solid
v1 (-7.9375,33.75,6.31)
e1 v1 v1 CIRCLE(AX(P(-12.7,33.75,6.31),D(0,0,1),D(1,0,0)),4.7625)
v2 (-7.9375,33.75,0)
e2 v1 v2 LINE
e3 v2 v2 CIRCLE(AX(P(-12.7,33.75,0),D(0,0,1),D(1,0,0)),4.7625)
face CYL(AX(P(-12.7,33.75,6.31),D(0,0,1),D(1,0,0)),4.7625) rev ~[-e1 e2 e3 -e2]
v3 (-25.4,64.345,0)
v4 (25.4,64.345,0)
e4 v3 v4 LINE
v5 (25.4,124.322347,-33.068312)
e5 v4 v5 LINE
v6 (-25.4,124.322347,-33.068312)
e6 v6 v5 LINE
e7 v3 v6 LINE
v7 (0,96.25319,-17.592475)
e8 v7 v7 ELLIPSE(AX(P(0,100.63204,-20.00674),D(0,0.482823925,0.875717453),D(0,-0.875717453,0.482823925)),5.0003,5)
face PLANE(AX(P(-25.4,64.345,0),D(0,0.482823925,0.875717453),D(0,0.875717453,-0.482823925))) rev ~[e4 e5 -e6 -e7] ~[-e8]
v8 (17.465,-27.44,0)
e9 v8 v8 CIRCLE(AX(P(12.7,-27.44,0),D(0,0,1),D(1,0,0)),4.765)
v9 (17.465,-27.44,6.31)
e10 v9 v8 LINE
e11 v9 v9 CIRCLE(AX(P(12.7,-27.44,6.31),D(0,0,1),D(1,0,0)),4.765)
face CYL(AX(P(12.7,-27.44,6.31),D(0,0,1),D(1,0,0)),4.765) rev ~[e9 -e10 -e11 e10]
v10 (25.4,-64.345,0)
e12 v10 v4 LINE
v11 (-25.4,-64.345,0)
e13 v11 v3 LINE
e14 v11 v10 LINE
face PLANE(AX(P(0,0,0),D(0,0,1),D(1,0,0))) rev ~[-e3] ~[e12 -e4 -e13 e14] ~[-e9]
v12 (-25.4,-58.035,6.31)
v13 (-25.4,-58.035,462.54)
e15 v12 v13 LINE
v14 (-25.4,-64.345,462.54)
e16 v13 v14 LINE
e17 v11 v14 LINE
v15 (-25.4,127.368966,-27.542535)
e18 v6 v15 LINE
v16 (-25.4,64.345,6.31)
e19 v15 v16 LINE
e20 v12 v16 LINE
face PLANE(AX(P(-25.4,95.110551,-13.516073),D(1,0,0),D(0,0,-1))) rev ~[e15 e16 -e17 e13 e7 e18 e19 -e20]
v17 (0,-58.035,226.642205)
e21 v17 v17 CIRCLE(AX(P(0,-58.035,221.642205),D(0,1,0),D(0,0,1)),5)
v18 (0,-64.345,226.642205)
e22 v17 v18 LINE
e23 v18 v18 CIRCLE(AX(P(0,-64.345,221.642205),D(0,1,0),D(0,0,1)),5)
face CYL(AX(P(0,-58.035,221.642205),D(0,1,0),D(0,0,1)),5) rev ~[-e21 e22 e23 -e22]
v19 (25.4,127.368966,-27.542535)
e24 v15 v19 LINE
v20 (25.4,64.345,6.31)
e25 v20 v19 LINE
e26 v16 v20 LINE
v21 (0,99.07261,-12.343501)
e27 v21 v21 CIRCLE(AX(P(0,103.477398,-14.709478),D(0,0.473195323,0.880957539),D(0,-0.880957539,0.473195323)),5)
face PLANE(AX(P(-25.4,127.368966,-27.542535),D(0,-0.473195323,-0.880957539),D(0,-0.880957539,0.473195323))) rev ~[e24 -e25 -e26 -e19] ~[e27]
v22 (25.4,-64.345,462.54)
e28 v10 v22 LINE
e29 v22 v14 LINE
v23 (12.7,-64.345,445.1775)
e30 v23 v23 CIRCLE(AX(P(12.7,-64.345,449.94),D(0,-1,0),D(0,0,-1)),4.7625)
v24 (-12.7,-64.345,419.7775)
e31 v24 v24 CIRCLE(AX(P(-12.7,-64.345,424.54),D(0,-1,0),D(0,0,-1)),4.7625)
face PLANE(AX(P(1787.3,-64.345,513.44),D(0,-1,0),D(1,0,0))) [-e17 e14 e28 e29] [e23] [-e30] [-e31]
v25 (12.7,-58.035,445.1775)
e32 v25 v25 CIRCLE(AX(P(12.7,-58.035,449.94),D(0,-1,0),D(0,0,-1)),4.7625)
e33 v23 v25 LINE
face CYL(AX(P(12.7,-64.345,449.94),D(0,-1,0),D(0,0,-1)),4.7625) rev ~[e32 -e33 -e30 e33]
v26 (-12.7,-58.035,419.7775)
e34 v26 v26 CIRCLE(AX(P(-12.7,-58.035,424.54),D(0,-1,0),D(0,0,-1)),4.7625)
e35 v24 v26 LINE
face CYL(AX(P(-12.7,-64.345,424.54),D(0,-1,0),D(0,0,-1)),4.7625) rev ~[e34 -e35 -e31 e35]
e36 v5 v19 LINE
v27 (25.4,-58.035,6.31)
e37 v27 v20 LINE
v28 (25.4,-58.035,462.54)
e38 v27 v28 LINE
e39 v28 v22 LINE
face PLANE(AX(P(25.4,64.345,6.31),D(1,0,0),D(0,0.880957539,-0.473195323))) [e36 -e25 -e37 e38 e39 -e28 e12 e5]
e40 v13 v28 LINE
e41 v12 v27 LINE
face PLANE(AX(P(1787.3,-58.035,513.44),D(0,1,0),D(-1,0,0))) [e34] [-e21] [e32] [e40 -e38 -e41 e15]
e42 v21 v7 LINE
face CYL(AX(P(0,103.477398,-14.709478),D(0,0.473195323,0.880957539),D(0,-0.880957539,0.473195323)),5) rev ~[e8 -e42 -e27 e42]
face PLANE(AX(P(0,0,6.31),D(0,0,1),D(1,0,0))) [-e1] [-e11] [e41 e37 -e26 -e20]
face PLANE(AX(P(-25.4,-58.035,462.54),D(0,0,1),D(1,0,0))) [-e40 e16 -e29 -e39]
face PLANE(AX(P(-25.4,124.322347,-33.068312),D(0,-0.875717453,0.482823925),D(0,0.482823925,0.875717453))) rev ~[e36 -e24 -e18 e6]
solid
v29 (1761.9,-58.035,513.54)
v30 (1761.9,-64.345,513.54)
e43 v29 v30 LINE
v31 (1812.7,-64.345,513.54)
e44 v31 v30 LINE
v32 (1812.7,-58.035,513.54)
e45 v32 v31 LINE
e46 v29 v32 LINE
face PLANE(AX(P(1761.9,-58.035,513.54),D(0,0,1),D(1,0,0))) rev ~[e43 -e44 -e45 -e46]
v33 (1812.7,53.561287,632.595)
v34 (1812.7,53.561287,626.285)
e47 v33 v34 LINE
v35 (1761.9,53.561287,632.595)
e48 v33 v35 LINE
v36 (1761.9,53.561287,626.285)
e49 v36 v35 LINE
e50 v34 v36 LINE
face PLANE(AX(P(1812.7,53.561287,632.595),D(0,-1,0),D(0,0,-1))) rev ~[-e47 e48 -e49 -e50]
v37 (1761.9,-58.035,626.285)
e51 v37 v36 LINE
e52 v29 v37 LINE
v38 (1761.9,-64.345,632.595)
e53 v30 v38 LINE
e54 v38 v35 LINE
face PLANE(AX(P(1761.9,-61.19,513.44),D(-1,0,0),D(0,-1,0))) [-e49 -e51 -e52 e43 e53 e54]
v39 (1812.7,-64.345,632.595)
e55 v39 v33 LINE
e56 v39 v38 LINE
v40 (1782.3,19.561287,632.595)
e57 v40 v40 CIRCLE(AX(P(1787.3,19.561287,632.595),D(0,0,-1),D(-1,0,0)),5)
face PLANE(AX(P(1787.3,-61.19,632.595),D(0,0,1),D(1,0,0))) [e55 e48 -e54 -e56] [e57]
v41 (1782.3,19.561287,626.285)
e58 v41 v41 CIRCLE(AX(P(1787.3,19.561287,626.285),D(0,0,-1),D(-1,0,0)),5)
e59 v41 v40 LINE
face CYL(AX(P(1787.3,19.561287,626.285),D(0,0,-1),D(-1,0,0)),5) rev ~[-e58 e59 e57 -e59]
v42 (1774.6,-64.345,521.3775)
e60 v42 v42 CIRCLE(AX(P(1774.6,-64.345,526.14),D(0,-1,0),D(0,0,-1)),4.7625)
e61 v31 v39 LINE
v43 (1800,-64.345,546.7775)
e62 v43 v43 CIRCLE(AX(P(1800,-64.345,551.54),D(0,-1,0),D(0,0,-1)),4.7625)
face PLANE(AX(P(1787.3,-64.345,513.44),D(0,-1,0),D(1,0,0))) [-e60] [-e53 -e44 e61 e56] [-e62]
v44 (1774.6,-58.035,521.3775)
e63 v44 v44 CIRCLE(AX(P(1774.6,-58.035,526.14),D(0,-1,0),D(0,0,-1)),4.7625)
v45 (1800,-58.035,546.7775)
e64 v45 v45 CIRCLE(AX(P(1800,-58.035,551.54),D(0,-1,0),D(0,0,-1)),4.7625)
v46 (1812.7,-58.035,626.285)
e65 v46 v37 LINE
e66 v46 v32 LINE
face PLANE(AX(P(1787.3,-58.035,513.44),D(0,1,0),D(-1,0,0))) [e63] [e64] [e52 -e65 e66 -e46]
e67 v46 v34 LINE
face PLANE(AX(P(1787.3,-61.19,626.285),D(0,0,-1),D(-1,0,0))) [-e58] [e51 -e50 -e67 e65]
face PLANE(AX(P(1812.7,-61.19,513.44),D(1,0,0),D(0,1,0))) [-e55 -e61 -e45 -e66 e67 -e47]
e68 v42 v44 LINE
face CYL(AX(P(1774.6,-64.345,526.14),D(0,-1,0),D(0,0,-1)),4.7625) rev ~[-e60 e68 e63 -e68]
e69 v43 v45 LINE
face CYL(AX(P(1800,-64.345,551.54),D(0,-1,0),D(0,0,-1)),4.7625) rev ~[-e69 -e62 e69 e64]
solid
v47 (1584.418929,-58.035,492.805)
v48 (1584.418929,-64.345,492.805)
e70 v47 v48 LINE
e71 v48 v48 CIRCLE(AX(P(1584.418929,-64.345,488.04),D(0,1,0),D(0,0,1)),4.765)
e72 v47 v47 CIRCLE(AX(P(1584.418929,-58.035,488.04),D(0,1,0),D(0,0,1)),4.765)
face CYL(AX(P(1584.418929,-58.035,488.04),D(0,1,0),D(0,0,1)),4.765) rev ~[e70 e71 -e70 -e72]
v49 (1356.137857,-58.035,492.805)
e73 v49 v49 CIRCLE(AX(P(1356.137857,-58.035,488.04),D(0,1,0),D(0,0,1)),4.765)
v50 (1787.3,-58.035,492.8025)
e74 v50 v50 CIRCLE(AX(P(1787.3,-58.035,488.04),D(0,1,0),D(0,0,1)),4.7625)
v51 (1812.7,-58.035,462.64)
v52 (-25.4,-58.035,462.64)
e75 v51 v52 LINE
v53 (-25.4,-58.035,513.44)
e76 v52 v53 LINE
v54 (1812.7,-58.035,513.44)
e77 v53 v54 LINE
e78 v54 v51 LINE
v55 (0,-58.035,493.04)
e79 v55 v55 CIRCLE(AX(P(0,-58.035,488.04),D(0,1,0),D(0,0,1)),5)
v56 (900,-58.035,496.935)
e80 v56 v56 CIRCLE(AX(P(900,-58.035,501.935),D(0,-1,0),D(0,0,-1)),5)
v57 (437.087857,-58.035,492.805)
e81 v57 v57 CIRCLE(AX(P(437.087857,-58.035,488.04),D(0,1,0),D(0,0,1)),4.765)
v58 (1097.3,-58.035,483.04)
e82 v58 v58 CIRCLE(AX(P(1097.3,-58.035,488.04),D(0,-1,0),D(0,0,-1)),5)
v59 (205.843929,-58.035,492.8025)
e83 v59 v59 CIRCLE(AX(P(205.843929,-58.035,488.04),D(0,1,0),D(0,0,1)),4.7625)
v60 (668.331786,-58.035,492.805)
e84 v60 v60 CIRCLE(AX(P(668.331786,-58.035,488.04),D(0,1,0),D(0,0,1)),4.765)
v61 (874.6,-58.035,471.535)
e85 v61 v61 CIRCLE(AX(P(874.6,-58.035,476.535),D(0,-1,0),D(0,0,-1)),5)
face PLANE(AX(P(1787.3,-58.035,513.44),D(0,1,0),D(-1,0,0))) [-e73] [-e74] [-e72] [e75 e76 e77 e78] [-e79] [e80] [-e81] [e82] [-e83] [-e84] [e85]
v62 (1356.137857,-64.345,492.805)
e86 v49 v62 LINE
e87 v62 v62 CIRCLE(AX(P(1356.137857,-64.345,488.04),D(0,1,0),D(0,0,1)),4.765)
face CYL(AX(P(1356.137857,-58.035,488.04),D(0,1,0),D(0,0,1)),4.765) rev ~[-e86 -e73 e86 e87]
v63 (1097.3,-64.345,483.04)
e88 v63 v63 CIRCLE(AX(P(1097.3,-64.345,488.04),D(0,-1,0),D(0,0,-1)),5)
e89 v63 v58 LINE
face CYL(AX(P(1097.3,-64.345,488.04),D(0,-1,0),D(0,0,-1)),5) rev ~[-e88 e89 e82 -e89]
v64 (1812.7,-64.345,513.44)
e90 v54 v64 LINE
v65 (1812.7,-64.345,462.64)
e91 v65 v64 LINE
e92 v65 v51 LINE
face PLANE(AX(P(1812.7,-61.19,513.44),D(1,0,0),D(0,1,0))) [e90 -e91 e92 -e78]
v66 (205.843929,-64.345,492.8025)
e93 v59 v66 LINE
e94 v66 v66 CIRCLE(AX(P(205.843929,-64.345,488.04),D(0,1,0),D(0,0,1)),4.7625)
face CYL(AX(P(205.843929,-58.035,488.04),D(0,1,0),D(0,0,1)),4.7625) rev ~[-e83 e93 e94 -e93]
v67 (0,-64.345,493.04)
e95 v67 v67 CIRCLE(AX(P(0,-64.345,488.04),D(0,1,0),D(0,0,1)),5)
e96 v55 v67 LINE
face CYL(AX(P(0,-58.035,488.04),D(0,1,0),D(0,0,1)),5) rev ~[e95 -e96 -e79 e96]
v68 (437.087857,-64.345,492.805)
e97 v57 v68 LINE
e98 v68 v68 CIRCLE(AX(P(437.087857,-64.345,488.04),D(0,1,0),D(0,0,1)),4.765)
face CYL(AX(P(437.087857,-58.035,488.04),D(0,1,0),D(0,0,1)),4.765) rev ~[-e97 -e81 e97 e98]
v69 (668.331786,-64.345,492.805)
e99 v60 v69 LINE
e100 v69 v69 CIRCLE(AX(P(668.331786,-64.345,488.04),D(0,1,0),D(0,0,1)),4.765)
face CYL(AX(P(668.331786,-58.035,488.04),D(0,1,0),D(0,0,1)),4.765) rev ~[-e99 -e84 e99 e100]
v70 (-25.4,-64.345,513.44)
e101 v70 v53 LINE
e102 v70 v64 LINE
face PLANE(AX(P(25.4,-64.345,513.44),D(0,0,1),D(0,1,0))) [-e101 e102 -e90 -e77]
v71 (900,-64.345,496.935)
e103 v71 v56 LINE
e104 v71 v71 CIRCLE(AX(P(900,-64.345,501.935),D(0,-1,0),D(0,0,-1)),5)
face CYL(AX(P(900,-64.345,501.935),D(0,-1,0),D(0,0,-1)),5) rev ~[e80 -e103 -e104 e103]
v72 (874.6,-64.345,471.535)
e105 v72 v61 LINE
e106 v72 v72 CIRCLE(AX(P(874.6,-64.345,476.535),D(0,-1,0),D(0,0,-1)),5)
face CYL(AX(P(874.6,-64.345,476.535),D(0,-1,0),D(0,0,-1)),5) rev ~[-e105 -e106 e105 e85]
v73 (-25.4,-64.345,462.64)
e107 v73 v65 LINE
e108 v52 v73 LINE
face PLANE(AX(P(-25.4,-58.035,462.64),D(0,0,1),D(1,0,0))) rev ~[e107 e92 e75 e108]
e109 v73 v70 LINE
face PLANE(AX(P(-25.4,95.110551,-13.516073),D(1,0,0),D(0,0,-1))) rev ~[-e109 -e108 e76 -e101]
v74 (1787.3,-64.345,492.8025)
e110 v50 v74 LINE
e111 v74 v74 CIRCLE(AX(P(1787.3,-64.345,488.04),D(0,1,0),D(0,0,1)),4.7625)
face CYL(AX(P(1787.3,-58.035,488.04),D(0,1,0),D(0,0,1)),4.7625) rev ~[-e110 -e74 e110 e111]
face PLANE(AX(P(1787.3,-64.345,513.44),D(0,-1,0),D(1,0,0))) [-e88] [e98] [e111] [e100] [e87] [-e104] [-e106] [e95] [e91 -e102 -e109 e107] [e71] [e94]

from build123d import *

# Parameters (mm, degrees)
CROQUIS2_W              = 50.8
CROQUIS2_H              = 128.69
SALIENTE_EXTRUIR1_DEPTH = 6.31
CROQUIS3_W              = 50.8
CROQUIS3_H              = 6.31
SALIENTE_EXTRUIR2_DEPTH = 507.13
CROQUIS4_W              = 50.8
CROQUIS4_H              = 6.31
SALIENTE_EXTRUIR3_DEPTH = 1787.3
CROQUIS9_W              = 50.8
CROQUIS9_H              = 6.31
SALIENTE_EXTRUIR4_DEPTH = 98
CROQUIS12_R             = 5
CORTAR_EXTRUIR1_DEPTH   = 10
CORTAR_EXTRUIR2_DEPTH   = 73
CROQUIS16_W             = 47.2
CROQUIS16_H             = 71.54029971
CORTAR_EXTRUIR5_DEPTH   = 10
CROQUIS21_R             = 5
CORTAR_EXTRUIR11_DEPTH  = 10
CROQUIS25_W             = 50.8
CROQUIS25_H             = 0.1
CORTAR_EXTRUIR14_DEPTH  = 50.8
CROQUIS24_W             = 50.8
CROQUIS24_H             = 0.1
CORTAR_EXTRUIR15_DEPTH  = 50.8
CROQUIS26_R             = 4.7625
CORTAR_EXTRUIR16_DEPTH  = 33
CROQUIS27_R             = 5
CORTAR_EXTRUIR17_DEPTH  = 33
CROQUIS28_R             = 5
CORTAR_EXTRUIR18_DEPTH  = 10
CROQUIS29_R             = 4.7625
CORTAR_EXTRUIR19_DEPTH  = 10
CROQUIS30_R             = 4.7625
CORTAR_EXTRUIR20_DEPTH  = 50
CROQUIS31_R             = 5
CORTAR_EXTRUIR21_DEPTH  = 50
CROQUIS32_R             = 5
CORTAR_EXTRUIR22_DEPTH  = 50
CROQUIS33_R             = 5
CORTAR_EXTRUIR23_DEPTH  = 50
CROQUIS34_R             = 4.765
CROQUIS34_R_2           = 4.7625
CORTAR_EXTRUIR24_DEPTH  = 10
CROQUIS35_R             = 4.765
CROQUIS35_R_2           = 4.7625
CORTAR_EXTRUIR25_DEPTH  = 10


with BuildPart() as part:
    # Croquis2 → Saliente-Extruir1 (new body)
    with BuildSketch(Plane.XY):
        Rectangle(CROQUIS2_W, CROQUIS2_H)
    extrude(amount=SALIENTE_EXTRUIR1_DEPTH)

    # Croquis3 → Saliente-Extruir2 (add)
    with BuildSketch(Plane.XY.offset(6.31)):
        with Locations((0, -61.19)):
            Rectangle(CROQUIS3_W, CROQUIS3_H)
    extrude(amount=SALIENTE_EXTRUIR2_DEPTH)

    # Croquis4 → Saliente-Extruir3 (add)
    with BuildSketch(Plane(origin=(25.4, 0, 0), x_dir=(0, 0, -1), z_dir=(1, 0, 0))):
        with Locations((-488.04, -61.19)):
            Rectangle(CROQUIS4_W, CROQUIS4_H)
    extrude(amount=SALIENTE_EXTRUIR3_DEPTH)

    # Barrer2: sweep along a curve in space
    with BuildLine() as barrer2_path:
        Line((1787.3, -61.19, 513.44), (1787.3, -61.19, 629.44))
        Line((1787.3, -61.19, 629.44), (1787.3, 63.52, 629.44))
        Line((1787.3, 63.52, 629.44), (1787.3, 63.52, 1423.44))
    # Croquis9 → Barrer2 (sweep)
    with BuildSketch(Plane.XY.offset(513.44)):
        with Locations((1787.3, -61.19)):
            Rectangle(CROQUIS9_W, CROQUIS9_H)
    sweep(path=barrer2_path.line, transition=Transition.RIGHT)

    # Croquis11 → Saliente-Extruir4 (add)
    with BuildSketch(Plane.ZY.offset(25.4)):
        Polygon((0, 64.345), (-33.068312374, 124.322347428), (-27.542535245, 127.368966394), (6.31, 64.345), align=None)
    extrude(amount=-SALIENTE_EXTRUIR4_DEPTH)

    # Croquis12 → Cortar-Extruir1 (cut)
    with BuildSketch(Plane(origin=(0, 66.675, 0), x_dir=(1, 0, 0), z_dir=(0, 1, 0))):
        with Locations(Location((1787.3, -1390.44, 0), (0, 0, 270))):
            Circle(CROQUIS12_R)
        with Locations(Location((1787.3, -1170.44, 0), (0, 0, 270))):
            Circle(CROQUIS12_R)
    extrude(amount=-CORTAR_EXTRUIR1_DEPTH, mode=Mode.SUBTRACT)

    # Croquis13 → Cortar-Extruir2 (cut)
    with BuildSketch(Plane(origin=(1812.7, 0, 0), x_dir=(0, 0, -1), z_dir=(1, 0, 0))):
        Polygon((-632.595, 53.56128726), (-626.285, 53.56128726), (-626.285, 66.675), (-1423.44, 66.675), (-1423.44, 60.365), (-632.595, 60.365), align=None)
    extrude(amount=-CORTAR_EXTRUIR2_DEPTH, mode=Mode.SUBTRACT)

    # Croquis16 → Cortar-Extruir5 (cut)
    with BuildSketch(Plane(origin=(0, 17.038152429, 31.720281459), x_dir=(1, 0, 0), z_dir=(0, 0.4731953232328629, 0.880957539311939))):
        with Locations((49, 89.469500232)):
            Rectangle(CROQUIS16_W, CROQUIS16_H)
    extrude(amount=-CORTAR_EXTRUIR5_DEPTH, mode=Mode.SUBTRACT)

    # Croquis21 → Cortar-Extruir11 (cut)
    with BuildSketch(Plane(origin=(0, -58.035, 0), x_dir=(1, 0, 0), z_dir=(0, 1, 0))):
        with Locations(Location((0, -221.642204666, 0), (0, 0, 270))):
            Circle(CROQUIS21_R)
    extrude(amount=-CORTAR_EXTRUIR11_DEPTH, mode=Mode.SUBTRACT)

    # Croquis25 → Cortar-Extruir14 (cut)
    with BuildSketch(Plane(origin=(0, -58.035, 0), x_dir=(1, 0, 0), z_dir=(0, 1, 0))):
        with Locations((1787.3, -513.49)):
            Rectangle(CROQUIS25_W, CROQUIS25_H)
    extrude(amount=-CORTAR_EXTRUIR14_DEPTH, mode=Mode.SUBTRACT)


with BuildPart() as cortar_extruir14_piece_1:
    # of the separate pieces the step leaves, piece 1, a body of its own (cortar_extruir14_pieces)
    add(part.part.solids().sort_by_distance((-25.4, -58.035, 6.31))[0])

    # Croquis24 → Cortar-Extruir15 (cut)
    with BuildSketch(Plane(origin=(0, -58.035, 0), x_dir=(1, 0, 0), z_dir=(0, 1, 0))):
        with Locations((0, -462.59)):
            Rectangle(CROQUIS24_W, CROQUIS24_H)
    extrude(amount=-CORTAR_EXTRUIR15_DEPTH, mode=Mode.SUBTRACT)


with BuildPart() as cortar_extruir14_piece_2:
    # of the separate pieces the step leaves, piece 2, a body of its own (cortar_extruir14_pieces)
    add(part.part.solids().sort_by_distance((1812.7, -58.035, 513.54))[0])

    # Croquis27 → Cortar-Extruir17 (cut)
    with BuildSketch(Plane(origin=(0, 0, 626.285), x_dir=(-1, 0, 0), z_dir=(0, 0, -1))):
        with Locations((-1787.3, 19.56128726)):
            Circle(CROQUIS27_R)
    extrude(amount=-CORTAR_EXTRUIR17_DEPTH, mode=Mode.SUBTRACT)

    # Croquis30 → Cortar-Extruir20 (cut)
    with BuildSketch(Plane(origin=(0, -64.345, 0), x_dir=(-1, 0, 0), z_dir=(0, -1, 0))):
        with Locations(Location((-1800, -551.54, 0), (0, 0, 90))):
            Circle(CROQUIS30_R)
        with Locations(Location((-1774.6, -526.14, 0), (0, 0, 90))):
            Circle(CROQUIS30_R)
    extrude(amount=-CORTAR_EXTRUIR20_DEPTH, mode=Mode.SUBTRACT)


with BuildPart() as cortar_extruir15_piece_1:
    # of the separate pieces the step leaves, piece 1, a body of its own (cortar_extruir15_pieces)
    add(cortar_extruir14_piece_1.part.solids().sort_by_distance((-25.4, -58.035, 462.64))[0])

    # Croquis26 → Cortar-Extruir16 (cut)
    with BuildSketch(Plane(origin=(0, -58.035, 0), x_dir=(1, 0, 0), z_dir=(0, 1, 0))):
        with Locations(Location((1787.3, -488.04, 0), (0, 0, 270))):
            Circle(CROQUIS26_R)
    extrude(amount=-CORTAR_EXTRUIR16_DEPTH, mode=Mode.SUBTRACT)

    # Croquis28 → Cortar-Extruir18 (cut)
    with BuildSketch(Plane(origin=(0, -64.345, 0), x_dir=(-1, 0, 0), z_dir=(0, -1, 0))):
        with Locations(Location((-899.999999999, -501.935, 0), (0, 0, 90))):
            Circle(CROQUIS28_R)
        with Locations(Location((-874.599999999, -476.535, 0), (0, 0, 90))):
            Circle(CROQUIS28_R)
    extrude(amount=-CORTAR_EXTRUIR18_DEPTH, mode=Mode.SUBTRACT)

    # Croquis31 → Cortar-Extruir21 (cut)
    with BuildSketch(Plane(origin=(0, -64.345, 0), x_dir=(-1, 0, 0), z_dir=(0, -1, 0))):
        with Locations(Location((-1097.299999999, -488.04, 0), (0, 0, 90))):
            Circle(CROQUIS31_R)
    extrude(amount=-CORTAR_EXTRUIR21_DEPTH, mode=Mode.SUBTRACT)

    # Croquis32 → Cortar-Extruir22 (cut)
    with BuildSketch(Plane(origin=(0, -58.035, 0), x_dir=(1, 0, 0), z_dir=(0, 1, 0))):
        with Locations(Location((0, -488.04, 0), (0, 0, 270))):
            Circle(CROQUIS32_R)
    extrude(amount=-CORTAR_EXTRUIR22_DEPTH, mode=Mode.SUBTRACT)

    # Croquis35 → Cortar-Extruir25 (cut)
    with BuildSketch(Plane(origin=(0, -58.035, 0), x_dir=(1, 0, 0), z_dir=(0, 1, 0))):
        with Locations(Location((1584.418928683, -488.04, 0), (0, 0, 270))):
            Circle(CROQUIS35_R)
        with Locations(Location((1356.137857365, -488.04, 0), (0, 0, 270))):
            Circle(CROQUIS35_R)
        with Locations(Location((668.331786048, -488.04, 0), (0, 0, 270))):
            Circle(CROQUIS35_R)
        with Locations(Location((437.087857365, -488.04, 0), (0, 0, 270))):
            Circle(CROQUIS35_R)
        with Locations(Location((205.843928683, -488.04, 0), (0, 0, 270))):
            Circle(CROQUIS35_R_2)
    extrude(amount=-CORTAR_EXTRUIR25_DEPTH, mode=Mode.SUBTRACT)


with BuildPart() as cortar_extruir15_piece_2:
    # of the separate pieces the step leaves, piece 2, a body of its own (cortar_extruir15_pieces)
    add(cortar_extruir14_piece_1.part.solids().sort_by_distance((-25.4, -58.035, 6.31))[0])

    # Croquis29 → Cortar-Extruir19 (cut)
    with BuildSketch(Plane(origin=(0, -64.345, 0), x_dir=(-1, 0, 0), z_dir=(0, -1, 0))):
        with Locations(Location((12.7, -424.54, 0), (0, 0, 90))):
            Circle(CROQUIS29_R)
        with Locations(Location((-12.7, -449.94, 0), (0, 0, 90))):
            Circle(CROQUIS29_R)
    extrude(amount=-CORTAR_EXTRUIR19_DEPTH, mode=Mode.SUBTRACT)

    # Croquis33 → Cortar-Extruir23 (cut)
    with BuildSketch(Plane(origin=(0, 17.038152429, 31.720281459), x_dir=(1, 0, 0), z_dir=(0, 0.473195323232863, 0.8809575393119389))):
        with Locations(Location((0, 98.119650087, 0), (0, 0, 270))):
            Circle(CROQUIS33_R)
    extrude(amount=-CORTAR_EXTRUIR23_DEPTH, mode=Mode.SUBTRACT)

    # Croquis34 → Cortar-Extruir24 (cut)
    with BuildSketch(Plane.XY.offset(6.31)):
        with Locations((12.7, -27.44)):
            Circle(CROQUIS34_R)
        with Locations((-12.7, 33.75)):
            Circle(CROQUIS34_R_2)
    extrude(amount=-CORTAR_EXTRUIR24_DEPTH, mode=Mode.SUBTRACT)


solid = Compound([cortar_extruir14_piece_2.part, cortar_extruir15_piece_1.part, cortar_extruir15_piece_2.part])
